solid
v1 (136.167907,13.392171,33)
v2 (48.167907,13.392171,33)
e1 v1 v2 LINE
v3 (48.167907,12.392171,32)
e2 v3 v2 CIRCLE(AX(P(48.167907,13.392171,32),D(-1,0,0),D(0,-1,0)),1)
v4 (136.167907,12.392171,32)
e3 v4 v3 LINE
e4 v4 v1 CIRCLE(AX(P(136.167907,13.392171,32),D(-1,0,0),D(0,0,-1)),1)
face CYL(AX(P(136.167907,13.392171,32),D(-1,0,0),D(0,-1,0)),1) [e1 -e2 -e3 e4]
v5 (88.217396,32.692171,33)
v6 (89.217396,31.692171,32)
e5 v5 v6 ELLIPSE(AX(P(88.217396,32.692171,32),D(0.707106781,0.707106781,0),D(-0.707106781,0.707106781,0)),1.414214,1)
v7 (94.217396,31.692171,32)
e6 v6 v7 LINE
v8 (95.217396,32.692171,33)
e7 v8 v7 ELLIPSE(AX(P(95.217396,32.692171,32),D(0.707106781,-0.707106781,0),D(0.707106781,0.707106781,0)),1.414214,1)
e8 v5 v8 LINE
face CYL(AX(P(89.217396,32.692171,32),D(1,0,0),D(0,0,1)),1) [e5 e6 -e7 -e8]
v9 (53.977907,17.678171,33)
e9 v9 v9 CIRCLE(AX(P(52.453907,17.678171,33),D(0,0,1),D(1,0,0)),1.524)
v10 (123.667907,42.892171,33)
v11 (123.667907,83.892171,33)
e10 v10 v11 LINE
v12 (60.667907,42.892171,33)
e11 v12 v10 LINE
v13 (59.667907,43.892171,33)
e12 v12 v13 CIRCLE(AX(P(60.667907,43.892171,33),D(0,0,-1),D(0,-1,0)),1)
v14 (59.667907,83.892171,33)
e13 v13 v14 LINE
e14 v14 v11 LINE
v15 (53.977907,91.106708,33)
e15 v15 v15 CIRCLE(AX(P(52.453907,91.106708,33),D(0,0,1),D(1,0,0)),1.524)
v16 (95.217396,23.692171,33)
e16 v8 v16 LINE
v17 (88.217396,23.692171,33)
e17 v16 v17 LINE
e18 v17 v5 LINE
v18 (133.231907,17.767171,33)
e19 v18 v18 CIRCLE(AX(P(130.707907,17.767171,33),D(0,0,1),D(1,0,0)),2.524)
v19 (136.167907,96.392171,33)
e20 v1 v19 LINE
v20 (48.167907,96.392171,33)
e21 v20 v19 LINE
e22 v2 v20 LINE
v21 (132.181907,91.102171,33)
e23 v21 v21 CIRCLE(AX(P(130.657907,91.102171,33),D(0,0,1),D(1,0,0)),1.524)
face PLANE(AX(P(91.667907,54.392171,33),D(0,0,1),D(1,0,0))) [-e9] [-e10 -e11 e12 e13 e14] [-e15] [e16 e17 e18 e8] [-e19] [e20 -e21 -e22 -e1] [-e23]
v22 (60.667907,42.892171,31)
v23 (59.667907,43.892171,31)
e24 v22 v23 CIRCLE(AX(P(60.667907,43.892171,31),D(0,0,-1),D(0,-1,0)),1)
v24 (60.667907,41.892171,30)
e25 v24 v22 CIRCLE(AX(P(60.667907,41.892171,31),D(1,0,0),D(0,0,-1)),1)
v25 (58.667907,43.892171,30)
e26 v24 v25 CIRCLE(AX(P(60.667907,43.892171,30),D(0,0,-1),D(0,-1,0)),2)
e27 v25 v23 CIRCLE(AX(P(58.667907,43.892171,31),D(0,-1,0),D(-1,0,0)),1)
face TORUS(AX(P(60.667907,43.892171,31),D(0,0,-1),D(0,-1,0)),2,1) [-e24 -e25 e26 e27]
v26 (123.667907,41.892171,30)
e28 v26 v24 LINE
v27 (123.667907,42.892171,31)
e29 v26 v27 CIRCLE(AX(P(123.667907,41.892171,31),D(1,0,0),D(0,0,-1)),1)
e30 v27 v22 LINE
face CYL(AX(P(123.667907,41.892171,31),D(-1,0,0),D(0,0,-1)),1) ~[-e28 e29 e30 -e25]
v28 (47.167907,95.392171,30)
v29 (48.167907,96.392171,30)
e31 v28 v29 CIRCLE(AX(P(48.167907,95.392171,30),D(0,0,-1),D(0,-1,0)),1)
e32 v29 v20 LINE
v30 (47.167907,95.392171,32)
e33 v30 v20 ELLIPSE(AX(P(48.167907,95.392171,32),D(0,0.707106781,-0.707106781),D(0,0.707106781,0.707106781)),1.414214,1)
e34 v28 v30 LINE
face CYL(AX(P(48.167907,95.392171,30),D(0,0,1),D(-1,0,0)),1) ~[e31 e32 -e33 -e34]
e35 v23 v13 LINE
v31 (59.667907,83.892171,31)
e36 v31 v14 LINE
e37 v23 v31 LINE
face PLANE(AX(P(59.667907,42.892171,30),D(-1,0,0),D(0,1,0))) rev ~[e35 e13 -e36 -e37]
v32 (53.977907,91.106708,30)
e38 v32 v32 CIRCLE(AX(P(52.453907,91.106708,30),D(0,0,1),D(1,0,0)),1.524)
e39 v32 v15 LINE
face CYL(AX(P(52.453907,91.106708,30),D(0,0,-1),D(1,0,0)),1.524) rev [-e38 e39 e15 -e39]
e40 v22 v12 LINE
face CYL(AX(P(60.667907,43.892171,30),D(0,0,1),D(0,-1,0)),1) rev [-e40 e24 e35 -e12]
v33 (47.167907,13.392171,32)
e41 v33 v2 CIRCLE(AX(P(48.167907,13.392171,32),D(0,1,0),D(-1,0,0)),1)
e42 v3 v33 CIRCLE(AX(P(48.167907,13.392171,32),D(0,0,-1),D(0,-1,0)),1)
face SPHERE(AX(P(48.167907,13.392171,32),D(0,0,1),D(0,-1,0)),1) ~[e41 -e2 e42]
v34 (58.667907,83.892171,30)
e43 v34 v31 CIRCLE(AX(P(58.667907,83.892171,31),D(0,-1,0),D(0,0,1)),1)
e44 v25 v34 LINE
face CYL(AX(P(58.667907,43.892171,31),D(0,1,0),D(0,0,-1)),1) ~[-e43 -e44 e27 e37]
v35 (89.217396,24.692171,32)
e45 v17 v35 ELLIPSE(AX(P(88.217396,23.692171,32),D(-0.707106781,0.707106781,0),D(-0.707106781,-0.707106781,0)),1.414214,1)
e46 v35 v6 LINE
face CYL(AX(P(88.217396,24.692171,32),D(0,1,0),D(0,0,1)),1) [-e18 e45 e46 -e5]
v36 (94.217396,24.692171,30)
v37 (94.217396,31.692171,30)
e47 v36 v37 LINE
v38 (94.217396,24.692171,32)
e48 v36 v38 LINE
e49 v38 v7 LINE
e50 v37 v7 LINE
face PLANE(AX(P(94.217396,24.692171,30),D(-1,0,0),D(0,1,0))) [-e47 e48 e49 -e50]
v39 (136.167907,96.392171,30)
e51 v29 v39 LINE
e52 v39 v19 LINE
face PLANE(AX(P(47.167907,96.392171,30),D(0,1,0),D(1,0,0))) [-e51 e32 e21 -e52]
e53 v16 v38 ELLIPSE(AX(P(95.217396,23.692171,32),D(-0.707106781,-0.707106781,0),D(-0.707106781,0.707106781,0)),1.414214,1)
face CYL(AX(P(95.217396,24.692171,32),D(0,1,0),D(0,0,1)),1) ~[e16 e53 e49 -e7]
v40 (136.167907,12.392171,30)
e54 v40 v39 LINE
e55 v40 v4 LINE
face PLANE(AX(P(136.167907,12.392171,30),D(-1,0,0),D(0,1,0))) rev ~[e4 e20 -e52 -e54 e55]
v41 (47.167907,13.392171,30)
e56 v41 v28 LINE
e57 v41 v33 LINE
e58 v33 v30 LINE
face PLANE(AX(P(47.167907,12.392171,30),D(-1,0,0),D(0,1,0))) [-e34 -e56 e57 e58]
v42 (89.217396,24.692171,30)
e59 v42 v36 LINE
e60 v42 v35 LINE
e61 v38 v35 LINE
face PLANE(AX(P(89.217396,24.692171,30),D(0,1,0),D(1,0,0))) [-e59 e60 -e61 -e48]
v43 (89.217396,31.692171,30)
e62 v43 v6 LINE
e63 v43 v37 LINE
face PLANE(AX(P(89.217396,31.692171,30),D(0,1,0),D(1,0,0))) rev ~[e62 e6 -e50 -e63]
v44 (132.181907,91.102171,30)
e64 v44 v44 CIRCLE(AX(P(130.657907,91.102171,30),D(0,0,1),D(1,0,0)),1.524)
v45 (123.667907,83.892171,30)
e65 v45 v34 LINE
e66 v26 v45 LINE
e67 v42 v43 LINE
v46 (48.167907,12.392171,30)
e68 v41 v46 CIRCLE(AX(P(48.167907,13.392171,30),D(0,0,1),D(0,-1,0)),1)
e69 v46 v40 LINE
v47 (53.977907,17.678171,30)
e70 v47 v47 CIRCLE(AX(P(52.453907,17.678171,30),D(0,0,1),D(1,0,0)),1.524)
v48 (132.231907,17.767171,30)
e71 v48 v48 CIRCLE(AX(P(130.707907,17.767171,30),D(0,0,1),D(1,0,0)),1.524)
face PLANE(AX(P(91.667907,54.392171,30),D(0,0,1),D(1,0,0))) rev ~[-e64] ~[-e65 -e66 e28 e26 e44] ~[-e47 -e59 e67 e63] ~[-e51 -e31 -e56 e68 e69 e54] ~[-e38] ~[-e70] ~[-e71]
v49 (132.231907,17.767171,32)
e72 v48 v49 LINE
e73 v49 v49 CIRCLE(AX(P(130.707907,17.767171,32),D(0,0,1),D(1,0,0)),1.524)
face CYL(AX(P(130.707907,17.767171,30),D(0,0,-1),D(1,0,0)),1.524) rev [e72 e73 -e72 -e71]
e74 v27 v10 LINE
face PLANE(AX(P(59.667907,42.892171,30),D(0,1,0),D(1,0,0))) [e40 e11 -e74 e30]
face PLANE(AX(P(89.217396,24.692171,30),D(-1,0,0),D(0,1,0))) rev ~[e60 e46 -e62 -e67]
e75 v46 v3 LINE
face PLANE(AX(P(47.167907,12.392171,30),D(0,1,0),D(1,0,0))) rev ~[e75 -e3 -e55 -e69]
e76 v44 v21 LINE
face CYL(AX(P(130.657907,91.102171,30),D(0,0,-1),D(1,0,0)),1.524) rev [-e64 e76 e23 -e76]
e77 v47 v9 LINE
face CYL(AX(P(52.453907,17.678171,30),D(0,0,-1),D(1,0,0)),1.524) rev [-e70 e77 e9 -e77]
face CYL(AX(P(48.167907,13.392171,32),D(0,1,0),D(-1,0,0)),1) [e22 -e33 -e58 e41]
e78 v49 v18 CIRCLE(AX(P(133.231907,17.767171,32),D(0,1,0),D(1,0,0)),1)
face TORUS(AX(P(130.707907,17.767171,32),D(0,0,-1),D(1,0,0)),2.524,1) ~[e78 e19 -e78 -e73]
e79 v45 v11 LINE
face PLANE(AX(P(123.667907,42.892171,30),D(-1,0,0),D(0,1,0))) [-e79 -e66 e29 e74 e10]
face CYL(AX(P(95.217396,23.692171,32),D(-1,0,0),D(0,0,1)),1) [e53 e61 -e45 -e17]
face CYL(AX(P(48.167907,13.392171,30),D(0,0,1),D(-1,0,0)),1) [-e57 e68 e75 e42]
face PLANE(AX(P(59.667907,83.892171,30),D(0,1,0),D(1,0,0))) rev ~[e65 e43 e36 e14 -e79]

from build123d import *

# Parameters (mm, degrees)
SKETCH006_W      = 89
SKETCH006_H      = 84
SKETCH006_R      = 1.524
SKETCH006_W_2    = 5
SKETCH006_H_2    = 7
SKETCH006_W_3    = 64
SKETCH006_H_3    = 41
EXTRUDE006_DEPTH = 3
FILLET008_R      = 1
FILLET009_R      = 1
FILLET010_R      = 1
FILLET012_R      = 1
FILLET013_R      = 1
FILLET014_R      = 1
FILLET015_R      = 1


with BuildPart() as part:
    # Sketch006 → Extrude006 (new body)
    with BuildSketch(Plane.XY):
        with Locations((91.667907, 54.392171)):
            Rectangle(SKETCH006_W, SKETCH006_H)
        with Locations((52.453907, 91.106708)):
            Circle(SKETCH006_R, mode=Mode.SUBTRACT)
        with Locations((130.657907, 91.102171)):
            Circle(SKETCH006_R, mode=Mode.SUBTRACT)
        with Locations((130.707907, 17.767171)):
            Circle(SKETCH006_R, mode=Mode.SUBTRACT)
        with Locations((52.453907, 17.678171)):
            Circle(SKETCH006_R, mode=Mode.SUBTRACT)
        with Locations((91.717396, 28.192171)):
            Rectangle(SKETCH006_W_2, SKETCH006_H_2, mode=Mode.SUBTRACT)
        with Locations((91.667907, 63.392171)):
            Rectangle(SKETCH006_W_3, SKETCH006_H_3, mode=Mode.SUBTRACT)
    extrude(amount=EXTRUDE006_DEPTH)


with BuildPart() as part_1:
    # Extrude006 placement: moved
    add(part.part.moved(Location((0, 0, 30))))

    # Fillet008
    fillet008_edges = [part_1.edges().sort_by_distance(p)[0] for p in [
        (47.167907, 12.392171, 31.5),
    ]]
    fillet(fillet008_edges, radius=FILLET008_R)

    # Fillet009
    fillet009_edges = [part_1.edges().sort_by_distance(p)[0] for p in [
        (59.667907, 42.892171, 31.5),
    ]]
    fillet(fillet009_edges, radius=FILLET009_R)

    # Fillet010
    fillet010_edges = [part_1.edges().sort_by_distance(p)[0] for p in [
        (47.167907, 96.392171, 31.5),
        (47.167907, 54.892171, 33),
    ]]
    fillet(fillet010_edges, radius=FILLET010_R)

    # Fillet012
    fillet012_edges = [part_1.edges().sort_by_distance(p)[0] for p in [
        (129.183907, 17.767171, 33),
    ]]
    fillet(fillet012_edges, radius=FILLET012_R)

    # Fillet013
    fillet013_edges = [part_1.edges().sort_by_distance(p)[0] for p in [
        (132.5248, 17.767171, 32.707107),
        (91.717396, 31.692171, 33),
        (94.217396, 28.192171, 33),
    ]]
    fillet(fillet013_edges, radius=FILLET013_R)

    # Fillet014
    fillet014_edges = [part_1.edges().sort_by_distance(p)[0] for p in [
        (59.667907, 63.892171, 30),
    ]]
    fillet(fillet014_edges, radius=FILLET014_R)

    # Fillet015
    fillet015_edges = [part_1.edges().sort_by_distance(p)[0] for p in [
        (95.217396, 28.692171, 33),
        (94.717396, 24.692171, 33),
        (91.717396, 24.692171, 33),
        (89.217396, 28.192171, 33),
    ]]
    fillet(fillet015_edges, radius=FILLET015_R)


solid = part_1.part
